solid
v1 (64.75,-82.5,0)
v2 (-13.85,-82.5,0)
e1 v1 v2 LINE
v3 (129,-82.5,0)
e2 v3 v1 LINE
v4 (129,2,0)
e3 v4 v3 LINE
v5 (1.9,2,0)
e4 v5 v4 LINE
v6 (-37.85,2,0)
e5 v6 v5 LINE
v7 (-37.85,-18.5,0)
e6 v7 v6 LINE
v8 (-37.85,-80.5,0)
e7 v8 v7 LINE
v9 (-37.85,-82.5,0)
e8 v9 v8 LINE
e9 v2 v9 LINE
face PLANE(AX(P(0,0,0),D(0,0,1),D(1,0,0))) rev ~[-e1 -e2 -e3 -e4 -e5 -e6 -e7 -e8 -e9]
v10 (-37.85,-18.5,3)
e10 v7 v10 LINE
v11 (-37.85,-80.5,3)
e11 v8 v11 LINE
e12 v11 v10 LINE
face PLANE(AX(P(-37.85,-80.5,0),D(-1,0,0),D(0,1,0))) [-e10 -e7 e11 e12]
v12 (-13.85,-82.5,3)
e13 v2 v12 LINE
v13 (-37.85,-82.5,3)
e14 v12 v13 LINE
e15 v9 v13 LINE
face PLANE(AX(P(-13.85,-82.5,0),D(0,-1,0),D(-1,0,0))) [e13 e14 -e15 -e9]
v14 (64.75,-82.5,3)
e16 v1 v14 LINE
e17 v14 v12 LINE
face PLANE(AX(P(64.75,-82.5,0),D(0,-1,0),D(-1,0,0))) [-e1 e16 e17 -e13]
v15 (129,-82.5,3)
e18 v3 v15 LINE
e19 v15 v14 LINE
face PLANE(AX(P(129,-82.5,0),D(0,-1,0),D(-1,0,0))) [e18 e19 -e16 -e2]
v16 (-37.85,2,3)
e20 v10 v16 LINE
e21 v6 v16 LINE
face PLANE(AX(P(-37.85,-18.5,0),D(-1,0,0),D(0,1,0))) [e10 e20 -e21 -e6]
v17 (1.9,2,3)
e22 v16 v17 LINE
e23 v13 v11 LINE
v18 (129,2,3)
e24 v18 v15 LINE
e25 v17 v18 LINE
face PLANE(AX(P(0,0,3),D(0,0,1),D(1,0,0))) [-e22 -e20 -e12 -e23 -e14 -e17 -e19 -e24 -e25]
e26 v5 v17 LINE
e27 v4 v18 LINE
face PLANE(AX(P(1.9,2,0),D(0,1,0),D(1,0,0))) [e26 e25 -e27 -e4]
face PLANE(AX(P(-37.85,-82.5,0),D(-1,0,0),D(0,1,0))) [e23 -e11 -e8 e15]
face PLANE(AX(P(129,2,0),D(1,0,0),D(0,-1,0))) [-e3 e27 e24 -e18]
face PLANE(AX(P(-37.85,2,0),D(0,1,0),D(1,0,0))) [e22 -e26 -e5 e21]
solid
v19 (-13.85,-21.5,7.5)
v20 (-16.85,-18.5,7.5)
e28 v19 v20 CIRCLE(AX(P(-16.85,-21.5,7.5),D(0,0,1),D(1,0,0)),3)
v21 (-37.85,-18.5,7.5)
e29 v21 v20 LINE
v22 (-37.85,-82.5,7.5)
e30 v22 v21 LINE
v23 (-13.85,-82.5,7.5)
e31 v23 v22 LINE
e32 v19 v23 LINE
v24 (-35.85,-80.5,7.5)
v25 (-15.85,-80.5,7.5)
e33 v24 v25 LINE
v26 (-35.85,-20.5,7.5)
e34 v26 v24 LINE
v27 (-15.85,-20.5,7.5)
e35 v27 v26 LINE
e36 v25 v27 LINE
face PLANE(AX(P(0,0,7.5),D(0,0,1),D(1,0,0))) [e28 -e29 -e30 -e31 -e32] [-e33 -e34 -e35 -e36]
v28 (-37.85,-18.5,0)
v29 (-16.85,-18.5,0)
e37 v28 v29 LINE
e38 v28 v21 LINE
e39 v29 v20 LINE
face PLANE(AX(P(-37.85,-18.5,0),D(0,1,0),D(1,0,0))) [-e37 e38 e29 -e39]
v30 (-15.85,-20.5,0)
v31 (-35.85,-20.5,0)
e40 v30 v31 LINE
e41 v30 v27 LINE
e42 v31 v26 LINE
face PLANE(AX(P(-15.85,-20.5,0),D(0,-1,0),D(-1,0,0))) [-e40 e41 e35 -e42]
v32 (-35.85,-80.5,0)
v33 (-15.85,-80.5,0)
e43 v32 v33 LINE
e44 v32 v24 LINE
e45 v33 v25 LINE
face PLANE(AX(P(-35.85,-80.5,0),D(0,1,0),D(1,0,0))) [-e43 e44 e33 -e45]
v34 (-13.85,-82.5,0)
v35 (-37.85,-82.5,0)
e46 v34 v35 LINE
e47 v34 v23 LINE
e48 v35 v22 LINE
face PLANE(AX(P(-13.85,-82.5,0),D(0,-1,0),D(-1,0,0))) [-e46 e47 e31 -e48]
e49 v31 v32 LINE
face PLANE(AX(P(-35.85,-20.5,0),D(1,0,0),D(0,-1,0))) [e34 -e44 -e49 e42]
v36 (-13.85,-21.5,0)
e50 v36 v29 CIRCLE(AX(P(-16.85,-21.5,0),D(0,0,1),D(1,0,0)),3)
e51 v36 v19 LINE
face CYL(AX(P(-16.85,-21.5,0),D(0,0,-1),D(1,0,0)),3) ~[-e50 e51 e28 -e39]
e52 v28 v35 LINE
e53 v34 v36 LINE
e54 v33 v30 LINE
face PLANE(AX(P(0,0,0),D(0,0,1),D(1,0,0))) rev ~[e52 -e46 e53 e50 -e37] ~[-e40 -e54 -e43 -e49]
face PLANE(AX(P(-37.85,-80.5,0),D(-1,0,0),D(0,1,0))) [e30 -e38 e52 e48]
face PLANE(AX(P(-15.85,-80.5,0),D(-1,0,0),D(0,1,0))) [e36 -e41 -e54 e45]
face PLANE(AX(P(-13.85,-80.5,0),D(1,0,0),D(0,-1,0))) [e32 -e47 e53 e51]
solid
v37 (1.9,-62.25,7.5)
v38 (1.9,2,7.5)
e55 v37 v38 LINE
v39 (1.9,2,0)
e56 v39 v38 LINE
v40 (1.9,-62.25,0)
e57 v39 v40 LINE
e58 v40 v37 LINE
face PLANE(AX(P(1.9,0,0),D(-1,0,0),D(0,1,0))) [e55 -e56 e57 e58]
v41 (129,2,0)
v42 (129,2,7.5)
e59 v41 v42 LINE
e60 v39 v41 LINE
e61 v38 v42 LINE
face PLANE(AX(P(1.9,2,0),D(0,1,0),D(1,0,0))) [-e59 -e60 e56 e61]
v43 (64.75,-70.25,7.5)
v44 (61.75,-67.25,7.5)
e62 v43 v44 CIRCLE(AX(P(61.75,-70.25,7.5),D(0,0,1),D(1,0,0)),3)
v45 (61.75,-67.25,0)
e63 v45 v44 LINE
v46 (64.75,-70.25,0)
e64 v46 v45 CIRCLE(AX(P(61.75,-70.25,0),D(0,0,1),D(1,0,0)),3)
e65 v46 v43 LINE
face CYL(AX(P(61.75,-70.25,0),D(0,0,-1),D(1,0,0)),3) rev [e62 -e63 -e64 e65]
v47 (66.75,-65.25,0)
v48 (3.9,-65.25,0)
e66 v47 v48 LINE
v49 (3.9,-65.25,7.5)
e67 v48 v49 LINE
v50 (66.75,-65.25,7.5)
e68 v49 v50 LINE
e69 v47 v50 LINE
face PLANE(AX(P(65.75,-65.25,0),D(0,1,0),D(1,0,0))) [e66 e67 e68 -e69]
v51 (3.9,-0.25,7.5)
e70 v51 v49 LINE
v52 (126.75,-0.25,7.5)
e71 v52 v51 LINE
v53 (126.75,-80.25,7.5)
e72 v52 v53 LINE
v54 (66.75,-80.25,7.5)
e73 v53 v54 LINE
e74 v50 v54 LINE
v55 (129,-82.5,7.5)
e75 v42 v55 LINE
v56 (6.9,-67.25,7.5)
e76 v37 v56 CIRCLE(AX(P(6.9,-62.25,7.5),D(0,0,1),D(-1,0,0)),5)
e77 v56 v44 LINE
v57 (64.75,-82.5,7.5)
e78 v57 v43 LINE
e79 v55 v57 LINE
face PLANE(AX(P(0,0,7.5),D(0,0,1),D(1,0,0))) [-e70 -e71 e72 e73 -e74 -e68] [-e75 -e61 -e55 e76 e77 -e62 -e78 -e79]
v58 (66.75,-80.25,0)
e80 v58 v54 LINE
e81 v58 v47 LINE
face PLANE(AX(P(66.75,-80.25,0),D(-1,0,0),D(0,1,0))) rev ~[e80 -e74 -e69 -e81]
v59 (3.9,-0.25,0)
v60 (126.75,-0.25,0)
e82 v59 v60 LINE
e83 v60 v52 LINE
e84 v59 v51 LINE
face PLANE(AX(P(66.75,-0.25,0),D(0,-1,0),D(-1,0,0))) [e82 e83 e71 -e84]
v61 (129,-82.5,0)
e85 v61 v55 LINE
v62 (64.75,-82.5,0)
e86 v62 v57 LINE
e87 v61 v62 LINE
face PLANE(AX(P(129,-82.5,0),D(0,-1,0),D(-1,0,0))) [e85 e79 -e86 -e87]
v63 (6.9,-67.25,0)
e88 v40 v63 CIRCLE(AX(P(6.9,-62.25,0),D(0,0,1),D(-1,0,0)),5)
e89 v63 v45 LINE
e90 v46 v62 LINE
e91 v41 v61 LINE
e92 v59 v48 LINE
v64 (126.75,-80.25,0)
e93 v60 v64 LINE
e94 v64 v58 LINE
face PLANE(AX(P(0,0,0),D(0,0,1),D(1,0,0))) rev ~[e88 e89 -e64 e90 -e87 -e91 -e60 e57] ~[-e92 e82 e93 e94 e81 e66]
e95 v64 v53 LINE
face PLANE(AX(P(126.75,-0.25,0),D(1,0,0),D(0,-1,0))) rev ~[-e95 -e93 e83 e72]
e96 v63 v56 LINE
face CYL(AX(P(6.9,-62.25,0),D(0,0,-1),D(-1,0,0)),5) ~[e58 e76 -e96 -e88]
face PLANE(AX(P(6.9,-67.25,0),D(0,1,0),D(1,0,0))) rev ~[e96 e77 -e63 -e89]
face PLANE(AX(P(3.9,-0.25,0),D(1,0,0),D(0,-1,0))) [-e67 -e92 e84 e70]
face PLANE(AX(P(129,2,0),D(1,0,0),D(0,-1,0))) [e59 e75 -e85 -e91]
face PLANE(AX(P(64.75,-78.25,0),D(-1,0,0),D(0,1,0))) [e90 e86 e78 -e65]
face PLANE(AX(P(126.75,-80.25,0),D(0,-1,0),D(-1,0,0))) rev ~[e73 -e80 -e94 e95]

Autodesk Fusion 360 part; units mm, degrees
sketch "Sketch2" plane through (0, 0, 0) normal (0, 0, 1) x (1, 0, 0)
  line L0 (0, 0) -> (127, 0)
  line L1 (127, 0) -> (127, -80.5)
  line L2 (127, -80.5) -> (0, -80.5)
  line L3 (0, -80.5) -> (0, 0)
  line L4 (66.75, -0.25) -> (126.75, -0.25)
  line L5 (126.75, -0.25) -> (126.75, -80.25)
  line L6 (126.75, -80.25) -> (66.75, -80.25)
  line L7 (66.75, -80.25) -> (66.75, -72.25)
  line L8 (66.75, -0.25) -> (3.9, -0.25)
  line L9 (3.9, -0.25) -> (3.9, -65.25)
  line L10 (3.9, -65.25) -> (65.75, -65.25)
  line L11 (66.75, -65.25) -> (66.75, -0.25)
  line L12 (-37.85, 2) -> (129, 2)
  line L13 (129, 2) -> (129, -82.5)
  line L14 (129, -82.5) -> (-37.85, -82.5)
  line L15 (-37.85, -82.5) -> (-37.85, 2)
  line L16 (127, 0) -> (0, -80.5) construction
  line L17 (0, 0) -> (127, -80.5) construction
  line L18 (-37.85, 2) -> (129, -82.5) construction
  line L19 (129, 2) -> (-37.85, -82.5) construction
  line L20 (45.575, -40.25) -> (129, -40.25) construction
  line L21 (126.75, -0.25) -> (66.75, -80.25) construction
  line L22 (66.75, -0.25) -> (126.75, -80.25) construction
  line L23 (66.75, -65.25) -> (66.75, -70.25)
  line L24 (1.9, -0.25) -> (1.9, -62.25)
  line L25 (3.9, -0.25) -> (1.9, -0.25) construction
  line L26 (6.9, -67.25) -> (61.75, -67.25)
  line L27 (65.75, -65.25) -> (66.75, -65.25)
  line L28 (66.75, -70.25) -> (66.75, -72.25)
  arc A0 (1.9, -62.25) -> (6.9, -67.25) centre (6.9, -62.25) ccw
  line L29 (-15.85, -20.5) -> (-35.85, -20.5)
  line L30 (-35.85, -20.5) -> (-35.85, -80.5)
  line L31 (-35.85, -80.5) -> (-15.85, -80.5)
  line L32 (-15.85, -80.5) -> (-15.85, -20.5)
  line L33 (-13.85, -80.5) -> (-37.85, -80.5)
  line L34 (-37.85, -18.5) -> (-16.85, -18.5)
  line L35 (-13.85, -21.5) -> (-13.85, -80.5)
  line L36 (1.9, -0.25) -> (1.9, 2)
  line L37 (-13.85, -80.5) -> (-13.85, -82.5)
  line L38 (66.75, -80.25) -> (66.75, -80.25)
  line L39 (61.75, -67.25) -> (61.75, -67.25)
  line L40 (64.75, -78.25) -> (64.75, -70.25)
  arc A1 (64.75, -70.25) -> (61.75, -67.25) centre (61.75, -70.25) ccw
  line L41 (64.75, -78.25) -> (64.75, -80.25)
  line L42 (64.75, -80.25) -> (64.75, -82.5)
  arc A2 (-13.85, -21.5) -> (-16.85, -18.5) centre (-16.85, -21.5) ccw
  point P0 (63.5, -40.25)
  point P1 (45.575, -40.25)
  point P2 (96.75, -40.25)
  point P3 (1.9, -67.25)
  point P4 (-13.85, -18.5)
  dimension "d4" = 127
  dimension "d5" = 80.5
  dimension "d6" = 60
  dimension "d7" = 80
  dimension "d12" = 62.85
  dimension "d13" = 65
  dimension "d17" = 166.85
  dimension "d18" = 84.5
  dimension "d23" = 0.25
  dimension "d24" = 2
  dimension "d25" = 2
  dimension "d26" = 2
  dimension "d28" = 67
  dimension "d31" = 2
  dimension "d33" = 5
  dimension "d36" = 20
  dimension "d37" = 60
  dimension "d39" = 19.75
  dimension "d41" = 2
  dimension "d42" = 24
  dimension "d45" = 2
  dimension "d46" = 3
  dimension "d50" = 3
  dimension "d51" = 2
extrude "Extrude1" add sketch "Sketch2" along normal blind 3 contours L0 L2 L3 L12 L14 L15 L34 L35 L36 L37 L42 A2 | L0 L2 L3 L24 L26 A0 L36 L40 A1 L41 L42 | L0 L1 L2 L12 L13 L14 L36 L42 | L0 L1 L2 L24 L26 A0 L36 L40 A1 L41 L42 | L15 L29 L30 L32 L33 L34 L35 A2 | L14 L15 L31 L33 L37 | L29 L30 L31 L32 L33 | L8 L9 L10 L11 L27 | L4 L5 L6 L7 L11 L23 L28 makes body 1
extrude "Extrude2" add sketch "Sketch2" along normal blind 7.5 separate body contours L0 L1 L2 L12 L13 L14 L36 L42 | L0 L1 L2 L24 L26 A0 L36 L40 A1 L41 L42 | L15 L29 L30 L32 L33 L34 L35 A2 | L14 L15 L31 L33 L37 makes body 2 at (44.2667, 2, 2.5) makes body 3 at (-37.85, -61.1667, 2.5)
equation "d28 = d13 + 2 mm"
equation "d42 = d36 + 4 mm"
